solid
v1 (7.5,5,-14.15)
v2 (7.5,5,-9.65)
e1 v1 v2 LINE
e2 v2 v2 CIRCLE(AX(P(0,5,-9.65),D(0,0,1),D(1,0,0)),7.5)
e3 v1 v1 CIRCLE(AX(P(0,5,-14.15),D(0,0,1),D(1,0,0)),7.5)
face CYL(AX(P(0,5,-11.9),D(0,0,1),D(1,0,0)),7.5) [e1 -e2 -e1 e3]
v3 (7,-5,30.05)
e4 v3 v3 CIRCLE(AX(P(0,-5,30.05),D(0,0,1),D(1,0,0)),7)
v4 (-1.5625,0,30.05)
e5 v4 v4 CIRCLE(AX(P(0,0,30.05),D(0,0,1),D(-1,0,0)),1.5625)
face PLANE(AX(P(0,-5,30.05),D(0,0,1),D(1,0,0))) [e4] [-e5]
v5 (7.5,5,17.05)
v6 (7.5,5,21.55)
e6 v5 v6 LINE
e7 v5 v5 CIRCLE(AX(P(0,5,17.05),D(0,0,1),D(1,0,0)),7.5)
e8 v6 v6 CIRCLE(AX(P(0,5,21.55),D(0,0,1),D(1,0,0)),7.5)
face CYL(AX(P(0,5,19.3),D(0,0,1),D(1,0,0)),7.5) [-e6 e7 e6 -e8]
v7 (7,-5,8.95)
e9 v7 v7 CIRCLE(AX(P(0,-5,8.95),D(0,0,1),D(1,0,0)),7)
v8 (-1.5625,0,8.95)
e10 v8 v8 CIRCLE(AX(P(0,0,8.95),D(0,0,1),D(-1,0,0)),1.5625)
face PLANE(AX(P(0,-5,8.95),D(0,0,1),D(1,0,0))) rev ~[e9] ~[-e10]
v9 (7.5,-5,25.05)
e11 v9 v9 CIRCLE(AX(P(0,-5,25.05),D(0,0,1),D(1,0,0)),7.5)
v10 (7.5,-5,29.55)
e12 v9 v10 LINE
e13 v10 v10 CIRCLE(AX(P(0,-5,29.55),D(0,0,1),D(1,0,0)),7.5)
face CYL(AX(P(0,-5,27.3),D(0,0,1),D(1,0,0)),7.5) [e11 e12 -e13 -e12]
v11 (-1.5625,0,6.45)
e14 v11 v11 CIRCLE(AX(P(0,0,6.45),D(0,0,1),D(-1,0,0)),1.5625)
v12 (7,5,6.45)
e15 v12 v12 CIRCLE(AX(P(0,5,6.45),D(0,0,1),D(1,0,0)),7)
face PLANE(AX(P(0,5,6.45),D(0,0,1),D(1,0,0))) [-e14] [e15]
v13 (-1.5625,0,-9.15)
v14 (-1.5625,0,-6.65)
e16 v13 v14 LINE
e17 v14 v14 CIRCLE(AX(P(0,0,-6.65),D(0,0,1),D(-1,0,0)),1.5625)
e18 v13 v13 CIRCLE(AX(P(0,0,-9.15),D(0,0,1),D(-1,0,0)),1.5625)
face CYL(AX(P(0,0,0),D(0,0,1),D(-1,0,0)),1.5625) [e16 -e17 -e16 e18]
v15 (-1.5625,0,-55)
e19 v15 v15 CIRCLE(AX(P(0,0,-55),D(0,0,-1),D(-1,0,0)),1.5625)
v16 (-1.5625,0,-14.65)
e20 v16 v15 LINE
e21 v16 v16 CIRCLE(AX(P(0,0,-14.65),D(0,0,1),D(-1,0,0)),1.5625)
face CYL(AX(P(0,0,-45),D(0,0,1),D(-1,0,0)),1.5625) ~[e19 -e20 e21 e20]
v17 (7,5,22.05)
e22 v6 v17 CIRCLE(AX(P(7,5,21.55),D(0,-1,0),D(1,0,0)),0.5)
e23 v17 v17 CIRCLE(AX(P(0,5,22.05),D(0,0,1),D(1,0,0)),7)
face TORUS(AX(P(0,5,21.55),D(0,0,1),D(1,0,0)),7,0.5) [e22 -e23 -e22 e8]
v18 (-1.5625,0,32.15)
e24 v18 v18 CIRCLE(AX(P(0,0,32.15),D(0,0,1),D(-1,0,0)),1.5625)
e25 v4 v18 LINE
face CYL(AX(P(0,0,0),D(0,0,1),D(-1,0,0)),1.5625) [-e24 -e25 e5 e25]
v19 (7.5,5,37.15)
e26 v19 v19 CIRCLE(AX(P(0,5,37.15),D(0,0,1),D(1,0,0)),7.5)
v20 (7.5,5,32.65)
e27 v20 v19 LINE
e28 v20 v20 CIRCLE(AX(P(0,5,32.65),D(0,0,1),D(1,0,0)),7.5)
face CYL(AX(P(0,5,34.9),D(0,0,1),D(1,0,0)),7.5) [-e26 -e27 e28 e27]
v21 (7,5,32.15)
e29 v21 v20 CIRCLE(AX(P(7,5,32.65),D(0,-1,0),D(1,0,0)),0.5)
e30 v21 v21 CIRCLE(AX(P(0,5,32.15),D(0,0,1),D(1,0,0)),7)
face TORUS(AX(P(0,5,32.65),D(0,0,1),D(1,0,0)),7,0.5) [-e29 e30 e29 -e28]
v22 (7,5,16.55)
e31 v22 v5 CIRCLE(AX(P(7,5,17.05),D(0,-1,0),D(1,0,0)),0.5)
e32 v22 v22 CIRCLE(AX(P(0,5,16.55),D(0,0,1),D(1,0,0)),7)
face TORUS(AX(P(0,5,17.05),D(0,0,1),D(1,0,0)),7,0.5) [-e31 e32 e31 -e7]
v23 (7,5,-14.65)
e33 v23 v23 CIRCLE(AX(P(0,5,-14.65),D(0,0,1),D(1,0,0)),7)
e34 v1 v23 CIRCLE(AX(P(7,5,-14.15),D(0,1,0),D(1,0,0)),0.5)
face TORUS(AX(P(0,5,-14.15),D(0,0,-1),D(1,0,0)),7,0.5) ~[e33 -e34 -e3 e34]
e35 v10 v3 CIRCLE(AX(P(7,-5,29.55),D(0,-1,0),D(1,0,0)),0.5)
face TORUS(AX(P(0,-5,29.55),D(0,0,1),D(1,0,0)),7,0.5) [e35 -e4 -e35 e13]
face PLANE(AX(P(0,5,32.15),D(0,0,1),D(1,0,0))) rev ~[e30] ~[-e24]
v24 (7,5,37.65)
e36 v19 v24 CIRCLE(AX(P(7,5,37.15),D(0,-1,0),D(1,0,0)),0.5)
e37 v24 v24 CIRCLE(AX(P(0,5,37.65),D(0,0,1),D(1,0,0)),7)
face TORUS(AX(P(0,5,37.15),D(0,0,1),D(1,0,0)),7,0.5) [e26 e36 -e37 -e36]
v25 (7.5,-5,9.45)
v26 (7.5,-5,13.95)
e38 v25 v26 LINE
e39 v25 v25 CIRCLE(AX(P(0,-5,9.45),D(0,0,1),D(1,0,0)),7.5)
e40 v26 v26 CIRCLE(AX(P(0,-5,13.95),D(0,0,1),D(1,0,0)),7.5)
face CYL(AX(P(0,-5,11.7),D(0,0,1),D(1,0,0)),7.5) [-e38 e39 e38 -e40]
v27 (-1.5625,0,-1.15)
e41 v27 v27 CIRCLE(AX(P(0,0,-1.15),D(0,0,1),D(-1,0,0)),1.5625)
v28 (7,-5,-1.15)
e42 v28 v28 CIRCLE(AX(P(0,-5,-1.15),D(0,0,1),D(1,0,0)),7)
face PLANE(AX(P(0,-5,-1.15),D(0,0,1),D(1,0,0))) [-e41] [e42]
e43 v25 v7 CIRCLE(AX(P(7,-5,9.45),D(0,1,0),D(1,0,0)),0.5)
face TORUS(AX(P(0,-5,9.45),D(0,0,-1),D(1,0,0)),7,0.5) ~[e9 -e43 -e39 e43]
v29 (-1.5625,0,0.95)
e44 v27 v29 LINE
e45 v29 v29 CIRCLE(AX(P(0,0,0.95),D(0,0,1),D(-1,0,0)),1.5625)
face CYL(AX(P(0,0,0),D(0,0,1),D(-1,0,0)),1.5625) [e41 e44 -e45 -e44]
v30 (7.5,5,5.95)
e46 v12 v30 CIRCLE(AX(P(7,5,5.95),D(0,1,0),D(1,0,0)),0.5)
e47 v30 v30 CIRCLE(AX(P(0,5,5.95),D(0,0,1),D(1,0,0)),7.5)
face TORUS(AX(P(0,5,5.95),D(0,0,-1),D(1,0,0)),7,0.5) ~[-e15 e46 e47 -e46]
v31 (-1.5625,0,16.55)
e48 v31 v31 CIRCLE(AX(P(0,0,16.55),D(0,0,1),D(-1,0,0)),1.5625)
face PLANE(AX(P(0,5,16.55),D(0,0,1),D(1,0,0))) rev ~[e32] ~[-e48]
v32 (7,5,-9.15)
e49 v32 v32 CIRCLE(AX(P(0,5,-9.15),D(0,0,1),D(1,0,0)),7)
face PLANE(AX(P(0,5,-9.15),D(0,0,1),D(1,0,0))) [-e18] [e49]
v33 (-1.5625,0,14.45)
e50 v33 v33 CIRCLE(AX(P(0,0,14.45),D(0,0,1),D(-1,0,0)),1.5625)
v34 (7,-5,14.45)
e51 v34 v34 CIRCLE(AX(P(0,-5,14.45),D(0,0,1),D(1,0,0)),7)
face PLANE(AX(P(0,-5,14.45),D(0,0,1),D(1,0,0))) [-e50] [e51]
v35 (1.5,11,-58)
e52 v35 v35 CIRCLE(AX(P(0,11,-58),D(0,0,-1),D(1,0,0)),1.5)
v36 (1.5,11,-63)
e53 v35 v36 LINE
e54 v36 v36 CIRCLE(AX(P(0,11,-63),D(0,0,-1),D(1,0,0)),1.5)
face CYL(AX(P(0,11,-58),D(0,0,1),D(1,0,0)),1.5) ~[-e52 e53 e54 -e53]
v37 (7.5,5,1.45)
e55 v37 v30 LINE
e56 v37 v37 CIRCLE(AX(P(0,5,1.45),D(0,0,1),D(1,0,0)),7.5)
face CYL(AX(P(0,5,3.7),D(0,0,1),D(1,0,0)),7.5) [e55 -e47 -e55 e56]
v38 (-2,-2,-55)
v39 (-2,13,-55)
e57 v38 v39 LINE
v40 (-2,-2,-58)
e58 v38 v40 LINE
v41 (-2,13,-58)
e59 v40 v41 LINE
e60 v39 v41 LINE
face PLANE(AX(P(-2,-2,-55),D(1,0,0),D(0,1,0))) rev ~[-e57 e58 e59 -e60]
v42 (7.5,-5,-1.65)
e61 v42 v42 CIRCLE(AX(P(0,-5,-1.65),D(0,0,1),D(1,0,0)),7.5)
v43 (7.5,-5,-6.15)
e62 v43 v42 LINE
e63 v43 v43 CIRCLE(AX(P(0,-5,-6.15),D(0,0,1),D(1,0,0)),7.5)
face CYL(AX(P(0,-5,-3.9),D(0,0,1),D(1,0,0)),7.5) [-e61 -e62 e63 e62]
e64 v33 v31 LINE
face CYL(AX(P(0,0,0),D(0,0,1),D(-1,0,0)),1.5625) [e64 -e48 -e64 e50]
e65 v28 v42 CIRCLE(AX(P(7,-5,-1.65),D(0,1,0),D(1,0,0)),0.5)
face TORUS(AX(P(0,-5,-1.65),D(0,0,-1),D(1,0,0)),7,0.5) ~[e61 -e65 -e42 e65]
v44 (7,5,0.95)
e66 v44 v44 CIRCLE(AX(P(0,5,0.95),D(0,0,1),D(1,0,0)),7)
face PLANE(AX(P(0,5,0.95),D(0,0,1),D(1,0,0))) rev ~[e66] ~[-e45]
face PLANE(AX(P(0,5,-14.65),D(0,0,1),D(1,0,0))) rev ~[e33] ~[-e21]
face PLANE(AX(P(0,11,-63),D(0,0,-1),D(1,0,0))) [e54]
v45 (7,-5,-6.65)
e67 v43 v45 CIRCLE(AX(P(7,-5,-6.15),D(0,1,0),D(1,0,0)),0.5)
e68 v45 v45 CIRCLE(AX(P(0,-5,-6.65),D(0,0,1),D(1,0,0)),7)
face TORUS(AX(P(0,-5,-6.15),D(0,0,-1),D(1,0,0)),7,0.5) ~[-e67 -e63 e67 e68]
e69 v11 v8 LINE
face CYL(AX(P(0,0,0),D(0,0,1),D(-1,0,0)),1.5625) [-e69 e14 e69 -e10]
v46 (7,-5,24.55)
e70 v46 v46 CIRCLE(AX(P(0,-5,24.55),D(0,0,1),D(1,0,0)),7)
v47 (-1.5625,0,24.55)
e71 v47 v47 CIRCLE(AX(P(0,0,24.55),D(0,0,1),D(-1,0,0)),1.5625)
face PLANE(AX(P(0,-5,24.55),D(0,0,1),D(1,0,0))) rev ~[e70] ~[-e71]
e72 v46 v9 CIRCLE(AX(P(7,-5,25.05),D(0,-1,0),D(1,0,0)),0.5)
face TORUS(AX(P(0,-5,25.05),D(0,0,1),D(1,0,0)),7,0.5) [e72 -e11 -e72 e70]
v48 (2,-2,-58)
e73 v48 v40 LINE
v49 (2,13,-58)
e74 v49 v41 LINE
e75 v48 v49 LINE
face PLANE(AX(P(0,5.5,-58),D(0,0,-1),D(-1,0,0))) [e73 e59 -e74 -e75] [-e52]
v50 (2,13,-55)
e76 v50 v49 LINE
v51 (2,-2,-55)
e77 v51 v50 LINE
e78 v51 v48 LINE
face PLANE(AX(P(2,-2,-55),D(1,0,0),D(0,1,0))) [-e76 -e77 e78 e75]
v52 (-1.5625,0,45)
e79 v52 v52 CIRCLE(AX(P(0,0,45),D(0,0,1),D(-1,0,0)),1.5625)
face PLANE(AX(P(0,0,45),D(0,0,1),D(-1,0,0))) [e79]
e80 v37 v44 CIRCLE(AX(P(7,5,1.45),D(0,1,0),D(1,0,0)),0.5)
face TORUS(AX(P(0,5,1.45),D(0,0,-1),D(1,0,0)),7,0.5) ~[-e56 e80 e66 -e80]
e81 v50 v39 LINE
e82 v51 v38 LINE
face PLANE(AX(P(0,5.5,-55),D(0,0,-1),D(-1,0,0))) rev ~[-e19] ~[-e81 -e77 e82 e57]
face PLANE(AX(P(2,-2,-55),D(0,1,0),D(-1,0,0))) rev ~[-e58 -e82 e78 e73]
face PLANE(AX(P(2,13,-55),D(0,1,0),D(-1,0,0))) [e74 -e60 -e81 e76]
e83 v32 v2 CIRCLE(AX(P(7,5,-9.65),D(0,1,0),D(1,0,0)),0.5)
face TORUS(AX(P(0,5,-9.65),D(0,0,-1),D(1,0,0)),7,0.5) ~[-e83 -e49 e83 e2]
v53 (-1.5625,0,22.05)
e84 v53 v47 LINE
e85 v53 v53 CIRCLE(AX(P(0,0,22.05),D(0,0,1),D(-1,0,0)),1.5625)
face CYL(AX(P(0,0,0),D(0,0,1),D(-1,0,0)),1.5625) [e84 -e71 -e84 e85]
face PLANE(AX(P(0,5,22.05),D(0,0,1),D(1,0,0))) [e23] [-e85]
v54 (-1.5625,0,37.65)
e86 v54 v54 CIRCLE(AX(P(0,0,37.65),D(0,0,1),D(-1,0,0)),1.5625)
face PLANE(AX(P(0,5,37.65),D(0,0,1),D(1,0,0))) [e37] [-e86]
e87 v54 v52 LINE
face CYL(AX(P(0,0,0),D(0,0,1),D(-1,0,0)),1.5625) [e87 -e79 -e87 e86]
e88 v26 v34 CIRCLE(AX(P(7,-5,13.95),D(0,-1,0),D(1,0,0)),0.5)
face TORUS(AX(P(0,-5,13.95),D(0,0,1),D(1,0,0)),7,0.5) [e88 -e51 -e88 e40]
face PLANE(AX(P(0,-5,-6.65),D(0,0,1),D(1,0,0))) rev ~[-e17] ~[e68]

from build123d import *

# Parameters (mm, degrees)
SKETCH_1_R             = 1.5625
EXTRUDE_1_DEPTH        = 45
EXTRUDE_START          = -10.1
SKETCH_2_R             = 7.5
EXTRUDE_2_DEPTH        = 2.75
PATTERN_LINEAR_1_COUNT = 4
PATTERN_LINEAR_1_PITCH = 15.6
EXTRUDE_START_2        = -17.7
SKETCH_3_R             = 7.5
EXTRUDE_3_DEPTH        = 2.75
PATTERN_LINEAR_2_COUNT = 3
PATTERN_LINEAR_2_PITCH = 15.6
FILLET_1_R             = 0.5
SKETCH_4_R             = 1.5625
EXTRUDE_4_DEPTH        = 10
SKETCH_5_W             = 4
SKETCH_5_H             = 15
EXTRUDE_5_DEPTH        = 3
SKETCH_6_R             = 1.5
EXTRUDE_6_DEPTH        = 5


with BuildPart() as part:
    # 草图1 → 凸台-拉伸1 (new, symmetric)
    with BuildSketch(Plane.XY):
        with Locations(Location((0, 0, 0), (0, 0, 180))):
            Circle(SKETCH_1_R)
    extrude(amount=EXTRUDE_1_DEPTH, both=True)

    # 草图2 → 凸台-拉伸2 (add, symmetric)
    with BuildSketch(Plane.XY.offset(45).offset(EXTRUDE_START)):
        with Locations((0, 5)):
            Circle(SKETCH_2_R)
    extrude_2 = extrude(amount=EXTRUDE_2_DEPTH, both=True)

    # 阵列(线性)1: 凸台-拉伸2 ×4
    with Locations(*[(0, 0, -i * PATTERN_LINEAR_1_PITCH) for i in range(1, PATTERN_LINEAR_1_COUNT)]):
        add(extrude_2)

    # 草图3 → 凸台-拉伸3 (add, symmetric)
    with BuildSketch(Plane.XY.offset(45).offset(EXTRUDE_START_2)):
        with Locations((0, -5)):
            Circle(SKETCH_3_R)
    extrude_3 = extrude(amount=EXTRUDE_3_DEPTH, both=True)

    # 阵列(线性)2: 凸台-拉伸3 ×3
    with Locations(*[(0, 0, -i * PATTERN_LINEAR_2_PITCH) for i in range(1, PATTERN_LINEAR_2_COUNT)]):
        add(extrude_3)

    # 圆角1
    fillet_1_edges = [part.edges().sort_by_distance(p)[0] for p in [
        (-7.5, 5, 16.55),
        (-7.5, 5, 22.05),
        (-7.5, 5, 0.95),
        (-7.5, 5, 6.45),
        (-7.5, 5, -14.65),
        (-7.5, 5, -9.15),
        (-7.5, -5, 24.55),
        (-7.5, -5, 30.05),
        (-7.5, -5, 8.95),
        (-7.5, -5, 14.45),
        (-7.5, -5, -6.65),
        (-7.5, -5, -1.15),
        (-7.5, 5, 32.15),
        (-7.5, 5, 37.65),
    ]]
    fillet(fillet_1_edges, radius=FILLET_1_R)

    # 草图4 → 凸台-拉伸4 (add)
    with BuildSketch(Plane(origin=(0, 0, -45), x_dir=(-1, 0, 0), z_dir=(0, 0, -1))):
        Circle(SKETCH_4_R)
    extrude(amount=EXTRUDE_4_DEPTH)

    # 草图5 → 凸台-拉伸5 (add)
    with BuildSketch(Plane(origin=(0, 0, -55), x_dir=(-1, 0, 0), z_dir=(0, 0, -1))):
        with Locations((0, 5.5)):
            Rectangle(SKETCH_5_W, SKETCH_5_H)
    extrude(amount=EXTRUDE_5_DEPTH)

    # 草图6 → 凸台-拉伸6 (add)
    with BuildSketch(Plane(origin=(0, 0, -58), x_dir=(-1, 0, 0), z_dir=(0, 0, -1))):
        with Locations(Location((0, 11, 0), (0, 0, 180))):
            Circle(SKETCH_6_R)
    extrude(amount=EXTRUDE_6_DEPTH)


solid = part.part
